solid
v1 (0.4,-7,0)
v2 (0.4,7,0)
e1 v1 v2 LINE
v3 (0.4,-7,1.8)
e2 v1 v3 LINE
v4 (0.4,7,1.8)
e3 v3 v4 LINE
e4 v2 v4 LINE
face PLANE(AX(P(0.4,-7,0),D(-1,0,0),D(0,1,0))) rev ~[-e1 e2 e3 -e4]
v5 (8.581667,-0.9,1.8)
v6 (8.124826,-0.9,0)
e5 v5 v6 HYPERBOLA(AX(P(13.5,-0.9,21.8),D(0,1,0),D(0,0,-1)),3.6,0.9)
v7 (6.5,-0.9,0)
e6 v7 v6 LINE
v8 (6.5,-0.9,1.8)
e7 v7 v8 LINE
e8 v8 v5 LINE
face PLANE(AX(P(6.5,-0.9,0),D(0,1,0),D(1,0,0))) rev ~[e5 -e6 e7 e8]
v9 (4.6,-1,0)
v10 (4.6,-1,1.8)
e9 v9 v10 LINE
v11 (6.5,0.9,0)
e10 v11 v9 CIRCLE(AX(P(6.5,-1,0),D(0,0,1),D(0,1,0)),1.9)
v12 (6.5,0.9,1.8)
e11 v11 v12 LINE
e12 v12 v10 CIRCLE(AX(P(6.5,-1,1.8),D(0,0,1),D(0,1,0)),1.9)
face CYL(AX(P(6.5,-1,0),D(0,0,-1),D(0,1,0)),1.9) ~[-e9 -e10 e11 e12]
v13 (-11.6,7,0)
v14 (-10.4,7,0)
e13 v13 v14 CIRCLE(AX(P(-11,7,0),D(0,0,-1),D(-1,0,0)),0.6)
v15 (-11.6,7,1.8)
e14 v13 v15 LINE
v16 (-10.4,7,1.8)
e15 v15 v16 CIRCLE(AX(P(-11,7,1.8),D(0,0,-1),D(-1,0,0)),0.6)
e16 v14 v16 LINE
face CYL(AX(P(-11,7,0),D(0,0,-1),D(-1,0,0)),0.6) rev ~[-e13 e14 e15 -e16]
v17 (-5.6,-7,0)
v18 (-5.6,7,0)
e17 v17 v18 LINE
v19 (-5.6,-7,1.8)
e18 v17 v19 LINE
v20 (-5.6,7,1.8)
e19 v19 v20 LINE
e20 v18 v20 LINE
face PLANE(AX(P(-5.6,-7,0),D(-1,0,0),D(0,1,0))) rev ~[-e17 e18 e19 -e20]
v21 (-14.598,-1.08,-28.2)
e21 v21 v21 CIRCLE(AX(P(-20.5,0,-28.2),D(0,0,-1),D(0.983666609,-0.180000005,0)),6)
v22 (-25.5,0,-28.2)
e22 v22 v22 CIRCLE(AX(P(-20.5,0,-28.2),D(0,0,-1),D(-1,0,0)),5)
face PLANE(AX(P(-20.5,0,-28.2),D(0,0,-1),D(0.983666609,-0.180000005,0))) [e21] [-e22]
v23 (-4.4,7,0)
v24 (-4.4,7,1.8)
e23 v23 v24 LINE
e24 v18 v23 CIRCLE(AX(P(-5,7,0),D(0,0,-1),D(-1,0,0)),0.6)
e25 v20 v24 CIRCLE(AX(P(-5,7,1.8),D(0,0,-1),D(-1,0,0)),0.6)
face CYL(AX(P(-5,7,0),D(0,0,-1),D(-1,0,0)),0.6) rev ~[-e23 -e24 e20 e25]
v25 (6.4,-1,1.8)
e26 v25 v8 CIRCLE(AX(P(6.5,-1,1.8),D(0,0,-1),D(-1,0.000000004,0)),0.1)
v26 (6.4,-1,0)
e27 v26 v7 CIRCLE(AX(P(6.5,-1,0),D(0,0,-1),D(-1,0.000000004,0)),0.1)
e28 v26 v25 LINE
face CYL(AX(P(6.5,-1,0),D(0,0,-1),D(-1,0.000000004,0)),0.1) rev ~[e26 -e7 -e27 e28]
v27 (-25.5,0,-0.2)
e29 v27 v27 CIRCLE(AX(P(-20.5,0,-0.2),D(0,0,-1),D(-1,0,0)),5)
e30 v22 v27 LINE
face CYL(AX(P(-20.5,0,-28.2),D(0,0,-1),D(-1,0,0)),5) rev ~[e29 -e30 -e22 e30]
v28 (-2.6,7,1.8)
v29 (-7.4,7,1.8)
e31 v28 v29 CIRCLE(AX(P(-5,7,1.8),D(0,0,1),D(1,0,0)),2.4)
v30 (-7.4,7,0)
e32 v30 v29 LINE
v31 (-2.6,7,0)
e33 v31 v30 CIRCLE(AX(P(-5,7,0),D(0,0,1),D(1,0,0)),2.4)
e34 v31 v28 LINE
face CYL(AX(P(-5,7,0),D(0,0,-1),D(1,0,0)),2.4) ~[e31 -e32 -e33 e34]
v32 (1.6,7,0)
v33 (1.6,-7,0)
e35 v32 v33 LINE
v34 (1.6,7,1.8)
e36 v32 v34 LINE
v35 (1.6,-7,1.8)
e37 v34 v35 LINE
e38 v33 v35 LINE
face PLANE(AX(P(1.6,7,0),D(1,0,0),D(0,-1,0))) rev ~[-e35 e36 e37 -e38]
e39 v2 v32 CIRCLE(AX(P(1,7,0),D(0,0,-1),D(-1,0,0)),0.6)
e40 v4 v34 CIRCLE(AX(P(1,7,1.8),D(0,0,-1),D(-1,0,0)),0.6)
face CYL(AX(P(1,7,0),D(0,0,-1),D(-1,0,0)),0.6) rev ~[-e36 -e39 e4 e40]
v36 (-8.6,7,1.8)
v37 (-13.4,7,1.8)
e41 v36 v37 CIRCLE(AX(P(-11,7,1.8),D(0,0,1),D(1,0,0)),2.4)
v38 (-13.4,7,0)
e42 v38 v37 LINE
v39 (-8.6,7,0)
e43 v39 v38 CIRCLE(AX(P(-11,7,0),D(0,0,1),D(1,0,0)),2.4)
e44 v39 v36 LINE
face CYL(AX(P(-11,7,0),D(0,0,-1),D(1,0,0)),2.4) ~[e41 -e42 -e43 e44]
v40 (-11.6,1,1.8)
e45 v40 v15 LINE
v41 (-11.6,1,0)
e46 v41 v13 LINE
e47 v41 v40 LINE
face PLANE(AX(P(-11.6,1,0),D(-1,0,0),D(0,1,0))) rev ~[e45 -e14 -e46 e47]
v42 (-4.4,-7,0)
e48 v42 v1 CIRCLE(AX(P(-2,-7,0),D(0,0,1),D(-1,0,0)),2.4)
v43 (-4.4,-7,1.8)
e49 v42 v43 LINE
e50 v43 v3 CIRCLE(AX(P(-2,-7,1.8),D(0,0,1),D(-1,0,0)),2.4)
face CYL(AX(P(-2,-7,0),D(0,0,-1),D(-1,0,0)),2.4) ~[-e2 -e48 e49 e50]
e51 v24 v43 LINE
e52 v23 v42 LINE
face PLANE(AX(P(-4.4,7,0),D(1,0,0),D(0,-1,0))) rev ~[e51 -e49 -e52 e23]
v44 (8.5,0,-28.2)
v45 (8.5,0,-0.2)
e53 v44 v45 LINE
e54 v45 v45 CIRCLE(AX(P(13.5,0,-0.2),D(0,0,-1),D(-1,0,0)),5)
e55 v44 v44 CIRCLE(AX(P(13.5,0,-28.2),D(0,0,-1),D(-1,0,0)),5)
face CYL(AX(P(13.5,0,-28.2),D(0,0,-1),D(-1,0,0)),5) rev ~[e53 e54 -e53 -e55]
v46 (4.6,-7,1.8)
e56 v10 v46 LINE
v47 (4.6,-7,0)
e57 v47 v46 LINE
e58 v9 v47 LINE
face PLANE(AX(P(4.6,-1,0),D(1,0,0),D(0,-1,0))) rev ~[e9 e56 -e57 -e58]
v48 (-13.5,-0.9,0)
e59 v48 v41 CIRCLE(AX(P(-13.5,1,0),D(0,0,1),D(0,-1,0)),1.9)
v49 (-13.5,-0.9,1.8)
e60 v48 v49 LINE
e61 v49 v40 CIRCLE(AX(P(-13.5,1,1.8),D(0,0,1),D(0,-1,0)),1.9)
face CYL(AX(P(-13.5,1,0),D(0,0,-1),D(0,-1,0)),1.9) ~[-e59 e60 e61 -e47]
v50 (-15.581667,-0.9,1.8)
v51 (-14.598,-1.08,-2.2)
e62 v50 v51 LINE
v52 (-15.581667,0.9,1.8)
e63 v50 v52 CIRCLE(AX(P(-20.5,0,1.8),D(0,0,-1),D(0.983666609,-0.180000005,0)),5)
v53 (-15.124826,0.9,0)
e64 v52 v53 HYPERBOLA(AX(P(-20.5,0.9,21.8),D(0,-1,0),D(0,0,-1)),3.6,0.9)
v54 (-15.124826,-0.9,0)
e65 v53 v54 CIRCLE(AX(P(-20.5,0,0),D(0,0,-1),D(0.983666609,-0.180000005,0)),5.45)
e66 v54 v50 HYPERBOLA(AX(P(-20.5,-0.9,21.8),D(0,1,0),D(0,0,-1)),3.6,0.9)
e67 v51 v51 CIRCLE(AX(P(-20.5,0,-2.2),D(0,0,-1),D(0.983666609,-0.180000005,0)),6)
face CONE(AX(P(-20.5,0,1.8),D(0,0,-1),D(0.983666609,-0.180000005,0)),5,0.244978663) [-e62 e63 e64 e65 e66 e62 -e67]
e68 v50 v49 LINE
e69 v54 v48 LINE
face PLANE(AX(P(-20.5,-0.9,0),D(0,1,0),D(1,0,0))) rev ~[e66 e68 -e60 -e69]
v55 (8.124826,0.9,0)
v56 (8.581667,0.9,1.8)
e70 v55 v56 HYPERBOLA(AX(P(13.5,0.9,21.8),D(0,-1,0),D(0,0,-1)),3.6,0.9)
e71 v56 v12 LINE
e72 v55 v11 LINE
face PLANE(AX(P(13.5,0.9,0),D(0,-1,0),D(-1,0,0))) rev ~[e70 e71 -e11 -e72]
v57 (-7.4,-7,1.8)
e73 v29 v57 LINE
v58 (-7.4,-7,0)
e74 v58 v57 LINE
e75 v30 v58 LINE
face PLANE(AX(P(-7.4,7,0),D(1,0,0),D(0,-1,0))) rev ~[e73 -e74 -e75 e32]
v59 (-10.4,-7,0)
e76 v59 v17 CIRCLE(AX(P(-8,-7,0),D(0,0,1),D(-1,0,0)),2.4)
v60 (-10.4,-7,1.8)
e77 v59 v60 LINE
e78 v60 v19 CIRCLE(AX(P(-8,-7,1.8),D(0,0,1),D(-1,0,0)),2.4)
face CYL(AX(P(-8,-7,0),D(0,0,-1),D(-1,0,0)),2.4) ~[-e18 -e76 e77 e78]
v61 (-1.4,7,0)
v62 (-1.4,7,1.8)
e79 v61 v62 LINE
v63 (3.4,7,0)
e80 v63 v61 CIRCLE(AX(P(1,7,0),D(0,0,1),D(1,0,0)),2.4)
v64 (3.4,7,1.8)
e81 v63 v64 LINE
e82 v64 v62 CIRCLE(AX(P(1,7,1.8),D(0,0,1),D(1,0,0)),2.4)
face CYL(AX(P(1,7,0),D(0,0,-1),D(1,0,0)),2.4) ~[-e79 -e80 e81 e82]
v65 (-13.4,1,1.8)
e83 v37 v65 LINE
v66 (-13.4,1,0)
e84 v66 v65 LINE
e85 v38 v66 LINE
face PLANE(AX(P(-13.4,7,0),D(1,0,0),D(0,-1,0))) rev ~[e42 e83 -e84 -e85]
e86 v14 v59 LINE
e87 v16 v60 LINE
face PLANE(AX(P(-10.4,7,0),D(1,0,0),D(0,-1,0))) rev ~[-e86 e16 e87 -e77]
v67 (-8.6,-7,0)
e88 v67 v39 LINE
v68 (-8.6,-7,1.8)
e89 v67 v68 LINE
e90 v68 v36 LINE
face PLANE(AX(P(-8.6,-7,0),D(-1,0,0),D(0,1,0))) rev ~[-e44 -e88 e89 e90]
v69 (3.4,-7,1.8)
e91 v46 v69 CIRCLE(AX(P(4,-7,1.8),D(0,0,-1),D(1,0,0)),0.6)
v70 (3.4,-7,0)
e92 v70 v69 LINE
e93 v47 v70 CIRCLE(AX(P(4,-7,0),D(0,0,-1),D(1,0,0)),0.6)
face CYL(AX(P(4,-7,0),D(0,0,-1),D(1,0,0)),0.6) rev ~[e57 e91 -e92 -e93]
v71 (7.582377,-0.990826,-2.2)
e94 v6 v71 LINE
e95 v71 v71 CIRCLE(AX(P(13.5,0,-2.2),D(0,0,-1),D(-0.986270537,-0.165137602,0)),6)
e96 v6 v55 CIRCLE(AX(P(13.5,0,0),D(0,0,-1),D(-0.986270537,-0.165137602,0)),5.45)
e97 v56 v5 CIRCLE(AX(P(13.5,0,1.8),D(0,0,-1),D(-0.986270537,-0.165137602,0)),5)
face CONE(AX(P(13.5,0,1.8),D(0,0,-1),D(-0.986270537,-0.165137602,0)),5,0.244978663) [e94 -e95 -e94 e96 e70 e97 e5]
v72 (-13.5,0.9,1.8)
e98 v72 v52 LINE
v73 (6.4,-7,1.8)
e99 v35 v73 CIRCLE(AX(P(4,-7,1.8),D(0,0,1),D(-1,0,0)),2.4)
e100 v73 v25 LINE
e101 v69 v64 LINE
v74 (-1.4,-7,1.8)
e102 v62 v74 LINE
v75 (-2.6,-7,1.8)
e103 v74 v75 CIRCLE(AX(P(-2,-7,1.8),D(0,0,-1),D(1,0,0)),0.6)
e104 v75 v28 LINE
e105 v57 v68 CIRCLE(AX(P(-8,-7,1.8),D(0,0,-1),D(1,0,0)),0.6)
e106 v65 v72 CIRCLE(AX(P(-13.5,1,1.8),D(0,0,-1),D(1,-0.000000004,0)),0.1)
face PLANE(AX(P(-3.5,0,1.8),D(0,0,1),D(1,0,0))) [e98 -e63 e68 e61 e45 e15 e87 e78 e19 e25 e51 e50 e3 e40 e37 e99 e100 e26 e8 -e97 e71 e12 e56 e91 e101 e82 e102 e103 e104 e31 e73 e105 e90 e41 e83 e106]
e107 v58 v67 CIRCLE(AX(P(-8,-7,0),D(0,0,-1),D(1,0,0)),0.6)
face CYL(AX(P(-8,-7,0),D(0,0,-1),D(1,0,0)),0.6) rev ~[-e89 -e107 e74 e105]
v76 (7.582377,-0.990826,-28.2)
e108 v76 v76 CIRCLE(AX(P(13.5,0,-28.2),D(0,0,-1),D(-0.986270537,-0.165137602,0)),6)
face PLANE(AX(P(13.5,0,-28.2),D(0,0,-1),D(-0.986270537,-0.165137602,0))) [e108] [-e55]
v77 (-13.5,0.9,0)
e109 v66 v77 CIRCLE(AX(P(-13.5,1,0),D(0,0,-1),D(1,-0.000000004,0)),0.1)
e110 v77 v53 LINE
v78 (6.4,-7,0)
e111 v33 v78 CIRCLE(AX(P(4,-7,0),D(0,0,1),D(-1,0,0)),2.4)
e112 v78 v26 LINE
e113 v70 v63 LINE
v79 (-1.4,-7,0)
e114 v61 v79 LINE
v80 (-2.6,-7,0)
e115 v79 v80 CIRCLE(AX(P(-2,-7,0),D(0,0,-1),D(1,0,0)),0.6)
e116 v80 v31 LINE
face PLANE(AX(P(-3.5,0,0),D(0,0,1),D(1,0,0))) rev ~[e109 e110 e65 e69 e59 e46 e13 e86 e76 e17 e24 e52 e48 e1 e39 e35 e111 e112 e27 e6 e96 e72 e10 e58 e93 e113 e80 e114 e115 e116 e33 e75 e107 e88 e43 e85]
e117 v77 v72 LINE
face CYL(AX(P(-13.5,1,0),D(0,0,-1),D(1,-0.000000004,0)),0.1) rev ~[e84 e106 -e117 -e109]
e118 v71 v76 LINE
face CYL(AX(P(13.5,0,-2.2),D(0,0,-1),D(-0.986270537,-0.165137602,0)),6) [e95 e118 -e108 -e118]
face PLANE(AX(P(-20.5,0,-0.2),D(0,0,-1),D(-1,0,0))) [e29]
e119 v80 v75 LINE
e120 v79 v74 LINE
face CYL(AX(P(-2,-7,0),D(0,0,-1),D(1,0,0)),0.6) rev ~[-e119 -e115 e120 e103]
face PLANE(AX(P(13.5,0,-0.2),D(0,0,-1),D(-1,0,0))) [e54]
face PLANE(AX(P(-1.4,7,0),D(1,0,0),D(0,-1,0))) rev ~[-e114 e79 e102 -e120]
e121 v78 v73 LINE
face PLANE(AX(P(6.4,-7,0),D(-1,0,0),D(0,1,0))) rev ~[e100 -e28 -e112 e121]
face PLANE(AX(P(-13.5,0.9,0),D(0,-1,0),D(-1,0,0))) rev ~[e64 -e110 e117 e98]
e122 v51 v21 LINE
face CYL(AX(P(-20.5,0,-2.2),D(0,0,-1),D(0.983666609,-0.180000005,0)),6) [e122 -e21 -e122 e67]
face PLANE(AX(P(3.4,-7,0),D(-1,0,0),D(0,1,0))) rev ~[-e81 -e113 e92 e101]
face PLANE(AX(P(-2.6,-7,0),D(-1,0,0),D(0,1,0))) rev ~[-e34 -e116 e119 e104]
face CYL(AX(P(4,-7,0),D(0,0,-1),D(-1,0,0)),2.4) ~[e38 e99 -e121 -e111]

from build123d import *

# Parameters (mm, degrees)
BOSS_EXTRUDE1_DEPTH = 1.8
SKETCH5_R           = 5
CUT_EXTRUDE1_DEPTH  = 28


with BuildPart() as part:
    # Sketch2 → Boss-Extrude1 (new body)
    with BuildSketch(Plane.XY):
        with BuildLine():
            Line((-20.5, -0.9), (-13.5, -0.9))
            ThreePointArc((-13.5, -0.9), (-12.156497116, -0.343502884), (-11.6, 1))
            Line((-11.6, 1), (-11.6, 7))
            ThreePointArc((-11.6, 7), (-11, 7.6), (-10.4, 7))
            Line((-10.4, 7), (-10.4, 0))
            Line((-10.4, 0), (-10.4, -7))
            ThreePointArc((-10.4, -7), (-8, -9.4), (-5.6, -7))
            Line((-5.6, -7), (-5.6, 0))
            Line((-5.6, 0), (-5.6, 7))
            ThreePointArc((-5.6, 7), (-5, 7.6), (-4.4, 7))
            Line((-4.4, 7), (-4.4, 0))
            Line((-4.4, 0), (-4.4, -7))
            ThreePointArc((-4.4, -7), (-2, -9.4), (0.4, -7))
            Line((0.4, -7), (0.4, 0))
            Line((0.4, 0), (0.4, 7))
            ThreePointArc((0.4, 7), (1, 7.6), (1.6, 7))
            Line((1.6, 7), (1.6, 0))
            Line((1.6, 0), (1.6, -7))
            ThreePointArc((1.6, -7), (4, -9.4), (6.4, -7))
            Line((6.4, -7), (6.4, -1))
            ThreePointArc((6.4, -1), (6.429289322, -0.929289322), (6.5, -0.9))
            Line((6.5, -0.9), (13.5, -0.9))
            ThreePointArc((13.5, -0.9), (14.4, 0), (13.5, 0.9))
            Line((13.5, 0.9), (6.5, 0.9))
            ThreePointArc((6.5, 0.9), (5.156497116, 0.343502884), (4.6, -1))
            Line((4.6, -1), (4.6, -7))
            ThreePointArc((4.6, -7), (4, -7.6), (3.4, -7))
            Line((3.4, -7), (3.4, 0))
            Line((3.4, 0), (3.4, 7))
            ThreePointArc((3.4, 7), (1, 9.4), (-1.4, 7))
            Line((-1.4, 7), (-1.4, 0))
            Line((-1.4, 0), (-1.4, -7))
            ThreePointArc((-1.4, -7), (-2, -7.6), (-2.6, -7))
            Line((-2.6, -7), (-2.6, 0))
            Line((-2.6, 0), (-2.6, 7))
            ThreePointArc((-2.6, 7), (-5, 9.4), (-7.4, 7))
            Line((-7.4, 7), (-7.4, 0))
            Line((-7.4, 0), (-7.4, -7))
            ThreePointArc((-7.4, -7), (-8, -7.6), (-8.6, -7))
            Line((-8.6, -7), (-8.6, 0))
            Line((-8.6, 0), (-8.6, 7))
            ThreePointArc((-8.6, 7), (-11, 9.4), (-13.4, 7))
            Line((-13.4, 7), (-13.4, 1))
            ThreePointArc((-13.4, 1), (-13.429289322, 0.929289322), (-13.5, 0.9))
            Line((-13.5, 0.9), (-20.5, 0.9))
            ThreePointArc((-20.5, 0.9), (-21.4, 0), (-20.5, -0.9))
        make_face()
    extrude(amount=BOSS_EXTRUDE1_DEPTH)

    # Sketch3 → Revolve1 (revolve)
    with BuildSketch(Plane(origin=(0, 0, 0), x_dir=(1, 0, 0), z_dir=(0, 1, 0)), mode=Mode.PRIVATE) as revolve1_sk:
        Polygon((-20.5, -1.8), (-25.5, -1.8), (-26.5, 2.2), (-26.5, 28.2), (-20.5, 28.2), align=None)
    revolve(revolve1_sk.sketch.rotate(Axis((-20.5, 0, 1.8), (0, 0, -1)), 190.369760083), axis=Axis((-20.5, 0, 1.8), (0, 0, -1)))

    # Sketch4 → Revolve2 (revolve)
    with BuildSketch(Plane(origin=(0, 0, 0), x_dir=(1, 0, 0), z_dir=(0, 1, 0)), mode=Mode.PRIVATE) as revolve2_sk:
        Polygon((13.5, -1.8), (18.5, -1.8), (19.5, 2.2), (19.5, 28.2), (13.5, 28.2), align=None)
    revolve(revolve2_sk.sketch.rotate(Axis((13.5, 0, 1.8), (0, 0, -1)), 170.494771878), axis=Axis((13.5, 0, 1.8), (0, 0, -1)))

    # Sketch5 → Cut-Extrude1 (cut)
    with BuildSketch(Plane(origin=(0, 0, -28.2), x_dir=(-1, 0, 0), z_dir=(0, 0, -1))):
        with Locations((-13.5, 0)):
            Circle(SKETCH5_R)
        with Locations((20.5, 0)):
            Circle(SKETCH5_R)
    extrude(amount=-CUT_EXTRUDE1_DEPTH, mode=Mode.SUBTRACT)


solid = part.part
